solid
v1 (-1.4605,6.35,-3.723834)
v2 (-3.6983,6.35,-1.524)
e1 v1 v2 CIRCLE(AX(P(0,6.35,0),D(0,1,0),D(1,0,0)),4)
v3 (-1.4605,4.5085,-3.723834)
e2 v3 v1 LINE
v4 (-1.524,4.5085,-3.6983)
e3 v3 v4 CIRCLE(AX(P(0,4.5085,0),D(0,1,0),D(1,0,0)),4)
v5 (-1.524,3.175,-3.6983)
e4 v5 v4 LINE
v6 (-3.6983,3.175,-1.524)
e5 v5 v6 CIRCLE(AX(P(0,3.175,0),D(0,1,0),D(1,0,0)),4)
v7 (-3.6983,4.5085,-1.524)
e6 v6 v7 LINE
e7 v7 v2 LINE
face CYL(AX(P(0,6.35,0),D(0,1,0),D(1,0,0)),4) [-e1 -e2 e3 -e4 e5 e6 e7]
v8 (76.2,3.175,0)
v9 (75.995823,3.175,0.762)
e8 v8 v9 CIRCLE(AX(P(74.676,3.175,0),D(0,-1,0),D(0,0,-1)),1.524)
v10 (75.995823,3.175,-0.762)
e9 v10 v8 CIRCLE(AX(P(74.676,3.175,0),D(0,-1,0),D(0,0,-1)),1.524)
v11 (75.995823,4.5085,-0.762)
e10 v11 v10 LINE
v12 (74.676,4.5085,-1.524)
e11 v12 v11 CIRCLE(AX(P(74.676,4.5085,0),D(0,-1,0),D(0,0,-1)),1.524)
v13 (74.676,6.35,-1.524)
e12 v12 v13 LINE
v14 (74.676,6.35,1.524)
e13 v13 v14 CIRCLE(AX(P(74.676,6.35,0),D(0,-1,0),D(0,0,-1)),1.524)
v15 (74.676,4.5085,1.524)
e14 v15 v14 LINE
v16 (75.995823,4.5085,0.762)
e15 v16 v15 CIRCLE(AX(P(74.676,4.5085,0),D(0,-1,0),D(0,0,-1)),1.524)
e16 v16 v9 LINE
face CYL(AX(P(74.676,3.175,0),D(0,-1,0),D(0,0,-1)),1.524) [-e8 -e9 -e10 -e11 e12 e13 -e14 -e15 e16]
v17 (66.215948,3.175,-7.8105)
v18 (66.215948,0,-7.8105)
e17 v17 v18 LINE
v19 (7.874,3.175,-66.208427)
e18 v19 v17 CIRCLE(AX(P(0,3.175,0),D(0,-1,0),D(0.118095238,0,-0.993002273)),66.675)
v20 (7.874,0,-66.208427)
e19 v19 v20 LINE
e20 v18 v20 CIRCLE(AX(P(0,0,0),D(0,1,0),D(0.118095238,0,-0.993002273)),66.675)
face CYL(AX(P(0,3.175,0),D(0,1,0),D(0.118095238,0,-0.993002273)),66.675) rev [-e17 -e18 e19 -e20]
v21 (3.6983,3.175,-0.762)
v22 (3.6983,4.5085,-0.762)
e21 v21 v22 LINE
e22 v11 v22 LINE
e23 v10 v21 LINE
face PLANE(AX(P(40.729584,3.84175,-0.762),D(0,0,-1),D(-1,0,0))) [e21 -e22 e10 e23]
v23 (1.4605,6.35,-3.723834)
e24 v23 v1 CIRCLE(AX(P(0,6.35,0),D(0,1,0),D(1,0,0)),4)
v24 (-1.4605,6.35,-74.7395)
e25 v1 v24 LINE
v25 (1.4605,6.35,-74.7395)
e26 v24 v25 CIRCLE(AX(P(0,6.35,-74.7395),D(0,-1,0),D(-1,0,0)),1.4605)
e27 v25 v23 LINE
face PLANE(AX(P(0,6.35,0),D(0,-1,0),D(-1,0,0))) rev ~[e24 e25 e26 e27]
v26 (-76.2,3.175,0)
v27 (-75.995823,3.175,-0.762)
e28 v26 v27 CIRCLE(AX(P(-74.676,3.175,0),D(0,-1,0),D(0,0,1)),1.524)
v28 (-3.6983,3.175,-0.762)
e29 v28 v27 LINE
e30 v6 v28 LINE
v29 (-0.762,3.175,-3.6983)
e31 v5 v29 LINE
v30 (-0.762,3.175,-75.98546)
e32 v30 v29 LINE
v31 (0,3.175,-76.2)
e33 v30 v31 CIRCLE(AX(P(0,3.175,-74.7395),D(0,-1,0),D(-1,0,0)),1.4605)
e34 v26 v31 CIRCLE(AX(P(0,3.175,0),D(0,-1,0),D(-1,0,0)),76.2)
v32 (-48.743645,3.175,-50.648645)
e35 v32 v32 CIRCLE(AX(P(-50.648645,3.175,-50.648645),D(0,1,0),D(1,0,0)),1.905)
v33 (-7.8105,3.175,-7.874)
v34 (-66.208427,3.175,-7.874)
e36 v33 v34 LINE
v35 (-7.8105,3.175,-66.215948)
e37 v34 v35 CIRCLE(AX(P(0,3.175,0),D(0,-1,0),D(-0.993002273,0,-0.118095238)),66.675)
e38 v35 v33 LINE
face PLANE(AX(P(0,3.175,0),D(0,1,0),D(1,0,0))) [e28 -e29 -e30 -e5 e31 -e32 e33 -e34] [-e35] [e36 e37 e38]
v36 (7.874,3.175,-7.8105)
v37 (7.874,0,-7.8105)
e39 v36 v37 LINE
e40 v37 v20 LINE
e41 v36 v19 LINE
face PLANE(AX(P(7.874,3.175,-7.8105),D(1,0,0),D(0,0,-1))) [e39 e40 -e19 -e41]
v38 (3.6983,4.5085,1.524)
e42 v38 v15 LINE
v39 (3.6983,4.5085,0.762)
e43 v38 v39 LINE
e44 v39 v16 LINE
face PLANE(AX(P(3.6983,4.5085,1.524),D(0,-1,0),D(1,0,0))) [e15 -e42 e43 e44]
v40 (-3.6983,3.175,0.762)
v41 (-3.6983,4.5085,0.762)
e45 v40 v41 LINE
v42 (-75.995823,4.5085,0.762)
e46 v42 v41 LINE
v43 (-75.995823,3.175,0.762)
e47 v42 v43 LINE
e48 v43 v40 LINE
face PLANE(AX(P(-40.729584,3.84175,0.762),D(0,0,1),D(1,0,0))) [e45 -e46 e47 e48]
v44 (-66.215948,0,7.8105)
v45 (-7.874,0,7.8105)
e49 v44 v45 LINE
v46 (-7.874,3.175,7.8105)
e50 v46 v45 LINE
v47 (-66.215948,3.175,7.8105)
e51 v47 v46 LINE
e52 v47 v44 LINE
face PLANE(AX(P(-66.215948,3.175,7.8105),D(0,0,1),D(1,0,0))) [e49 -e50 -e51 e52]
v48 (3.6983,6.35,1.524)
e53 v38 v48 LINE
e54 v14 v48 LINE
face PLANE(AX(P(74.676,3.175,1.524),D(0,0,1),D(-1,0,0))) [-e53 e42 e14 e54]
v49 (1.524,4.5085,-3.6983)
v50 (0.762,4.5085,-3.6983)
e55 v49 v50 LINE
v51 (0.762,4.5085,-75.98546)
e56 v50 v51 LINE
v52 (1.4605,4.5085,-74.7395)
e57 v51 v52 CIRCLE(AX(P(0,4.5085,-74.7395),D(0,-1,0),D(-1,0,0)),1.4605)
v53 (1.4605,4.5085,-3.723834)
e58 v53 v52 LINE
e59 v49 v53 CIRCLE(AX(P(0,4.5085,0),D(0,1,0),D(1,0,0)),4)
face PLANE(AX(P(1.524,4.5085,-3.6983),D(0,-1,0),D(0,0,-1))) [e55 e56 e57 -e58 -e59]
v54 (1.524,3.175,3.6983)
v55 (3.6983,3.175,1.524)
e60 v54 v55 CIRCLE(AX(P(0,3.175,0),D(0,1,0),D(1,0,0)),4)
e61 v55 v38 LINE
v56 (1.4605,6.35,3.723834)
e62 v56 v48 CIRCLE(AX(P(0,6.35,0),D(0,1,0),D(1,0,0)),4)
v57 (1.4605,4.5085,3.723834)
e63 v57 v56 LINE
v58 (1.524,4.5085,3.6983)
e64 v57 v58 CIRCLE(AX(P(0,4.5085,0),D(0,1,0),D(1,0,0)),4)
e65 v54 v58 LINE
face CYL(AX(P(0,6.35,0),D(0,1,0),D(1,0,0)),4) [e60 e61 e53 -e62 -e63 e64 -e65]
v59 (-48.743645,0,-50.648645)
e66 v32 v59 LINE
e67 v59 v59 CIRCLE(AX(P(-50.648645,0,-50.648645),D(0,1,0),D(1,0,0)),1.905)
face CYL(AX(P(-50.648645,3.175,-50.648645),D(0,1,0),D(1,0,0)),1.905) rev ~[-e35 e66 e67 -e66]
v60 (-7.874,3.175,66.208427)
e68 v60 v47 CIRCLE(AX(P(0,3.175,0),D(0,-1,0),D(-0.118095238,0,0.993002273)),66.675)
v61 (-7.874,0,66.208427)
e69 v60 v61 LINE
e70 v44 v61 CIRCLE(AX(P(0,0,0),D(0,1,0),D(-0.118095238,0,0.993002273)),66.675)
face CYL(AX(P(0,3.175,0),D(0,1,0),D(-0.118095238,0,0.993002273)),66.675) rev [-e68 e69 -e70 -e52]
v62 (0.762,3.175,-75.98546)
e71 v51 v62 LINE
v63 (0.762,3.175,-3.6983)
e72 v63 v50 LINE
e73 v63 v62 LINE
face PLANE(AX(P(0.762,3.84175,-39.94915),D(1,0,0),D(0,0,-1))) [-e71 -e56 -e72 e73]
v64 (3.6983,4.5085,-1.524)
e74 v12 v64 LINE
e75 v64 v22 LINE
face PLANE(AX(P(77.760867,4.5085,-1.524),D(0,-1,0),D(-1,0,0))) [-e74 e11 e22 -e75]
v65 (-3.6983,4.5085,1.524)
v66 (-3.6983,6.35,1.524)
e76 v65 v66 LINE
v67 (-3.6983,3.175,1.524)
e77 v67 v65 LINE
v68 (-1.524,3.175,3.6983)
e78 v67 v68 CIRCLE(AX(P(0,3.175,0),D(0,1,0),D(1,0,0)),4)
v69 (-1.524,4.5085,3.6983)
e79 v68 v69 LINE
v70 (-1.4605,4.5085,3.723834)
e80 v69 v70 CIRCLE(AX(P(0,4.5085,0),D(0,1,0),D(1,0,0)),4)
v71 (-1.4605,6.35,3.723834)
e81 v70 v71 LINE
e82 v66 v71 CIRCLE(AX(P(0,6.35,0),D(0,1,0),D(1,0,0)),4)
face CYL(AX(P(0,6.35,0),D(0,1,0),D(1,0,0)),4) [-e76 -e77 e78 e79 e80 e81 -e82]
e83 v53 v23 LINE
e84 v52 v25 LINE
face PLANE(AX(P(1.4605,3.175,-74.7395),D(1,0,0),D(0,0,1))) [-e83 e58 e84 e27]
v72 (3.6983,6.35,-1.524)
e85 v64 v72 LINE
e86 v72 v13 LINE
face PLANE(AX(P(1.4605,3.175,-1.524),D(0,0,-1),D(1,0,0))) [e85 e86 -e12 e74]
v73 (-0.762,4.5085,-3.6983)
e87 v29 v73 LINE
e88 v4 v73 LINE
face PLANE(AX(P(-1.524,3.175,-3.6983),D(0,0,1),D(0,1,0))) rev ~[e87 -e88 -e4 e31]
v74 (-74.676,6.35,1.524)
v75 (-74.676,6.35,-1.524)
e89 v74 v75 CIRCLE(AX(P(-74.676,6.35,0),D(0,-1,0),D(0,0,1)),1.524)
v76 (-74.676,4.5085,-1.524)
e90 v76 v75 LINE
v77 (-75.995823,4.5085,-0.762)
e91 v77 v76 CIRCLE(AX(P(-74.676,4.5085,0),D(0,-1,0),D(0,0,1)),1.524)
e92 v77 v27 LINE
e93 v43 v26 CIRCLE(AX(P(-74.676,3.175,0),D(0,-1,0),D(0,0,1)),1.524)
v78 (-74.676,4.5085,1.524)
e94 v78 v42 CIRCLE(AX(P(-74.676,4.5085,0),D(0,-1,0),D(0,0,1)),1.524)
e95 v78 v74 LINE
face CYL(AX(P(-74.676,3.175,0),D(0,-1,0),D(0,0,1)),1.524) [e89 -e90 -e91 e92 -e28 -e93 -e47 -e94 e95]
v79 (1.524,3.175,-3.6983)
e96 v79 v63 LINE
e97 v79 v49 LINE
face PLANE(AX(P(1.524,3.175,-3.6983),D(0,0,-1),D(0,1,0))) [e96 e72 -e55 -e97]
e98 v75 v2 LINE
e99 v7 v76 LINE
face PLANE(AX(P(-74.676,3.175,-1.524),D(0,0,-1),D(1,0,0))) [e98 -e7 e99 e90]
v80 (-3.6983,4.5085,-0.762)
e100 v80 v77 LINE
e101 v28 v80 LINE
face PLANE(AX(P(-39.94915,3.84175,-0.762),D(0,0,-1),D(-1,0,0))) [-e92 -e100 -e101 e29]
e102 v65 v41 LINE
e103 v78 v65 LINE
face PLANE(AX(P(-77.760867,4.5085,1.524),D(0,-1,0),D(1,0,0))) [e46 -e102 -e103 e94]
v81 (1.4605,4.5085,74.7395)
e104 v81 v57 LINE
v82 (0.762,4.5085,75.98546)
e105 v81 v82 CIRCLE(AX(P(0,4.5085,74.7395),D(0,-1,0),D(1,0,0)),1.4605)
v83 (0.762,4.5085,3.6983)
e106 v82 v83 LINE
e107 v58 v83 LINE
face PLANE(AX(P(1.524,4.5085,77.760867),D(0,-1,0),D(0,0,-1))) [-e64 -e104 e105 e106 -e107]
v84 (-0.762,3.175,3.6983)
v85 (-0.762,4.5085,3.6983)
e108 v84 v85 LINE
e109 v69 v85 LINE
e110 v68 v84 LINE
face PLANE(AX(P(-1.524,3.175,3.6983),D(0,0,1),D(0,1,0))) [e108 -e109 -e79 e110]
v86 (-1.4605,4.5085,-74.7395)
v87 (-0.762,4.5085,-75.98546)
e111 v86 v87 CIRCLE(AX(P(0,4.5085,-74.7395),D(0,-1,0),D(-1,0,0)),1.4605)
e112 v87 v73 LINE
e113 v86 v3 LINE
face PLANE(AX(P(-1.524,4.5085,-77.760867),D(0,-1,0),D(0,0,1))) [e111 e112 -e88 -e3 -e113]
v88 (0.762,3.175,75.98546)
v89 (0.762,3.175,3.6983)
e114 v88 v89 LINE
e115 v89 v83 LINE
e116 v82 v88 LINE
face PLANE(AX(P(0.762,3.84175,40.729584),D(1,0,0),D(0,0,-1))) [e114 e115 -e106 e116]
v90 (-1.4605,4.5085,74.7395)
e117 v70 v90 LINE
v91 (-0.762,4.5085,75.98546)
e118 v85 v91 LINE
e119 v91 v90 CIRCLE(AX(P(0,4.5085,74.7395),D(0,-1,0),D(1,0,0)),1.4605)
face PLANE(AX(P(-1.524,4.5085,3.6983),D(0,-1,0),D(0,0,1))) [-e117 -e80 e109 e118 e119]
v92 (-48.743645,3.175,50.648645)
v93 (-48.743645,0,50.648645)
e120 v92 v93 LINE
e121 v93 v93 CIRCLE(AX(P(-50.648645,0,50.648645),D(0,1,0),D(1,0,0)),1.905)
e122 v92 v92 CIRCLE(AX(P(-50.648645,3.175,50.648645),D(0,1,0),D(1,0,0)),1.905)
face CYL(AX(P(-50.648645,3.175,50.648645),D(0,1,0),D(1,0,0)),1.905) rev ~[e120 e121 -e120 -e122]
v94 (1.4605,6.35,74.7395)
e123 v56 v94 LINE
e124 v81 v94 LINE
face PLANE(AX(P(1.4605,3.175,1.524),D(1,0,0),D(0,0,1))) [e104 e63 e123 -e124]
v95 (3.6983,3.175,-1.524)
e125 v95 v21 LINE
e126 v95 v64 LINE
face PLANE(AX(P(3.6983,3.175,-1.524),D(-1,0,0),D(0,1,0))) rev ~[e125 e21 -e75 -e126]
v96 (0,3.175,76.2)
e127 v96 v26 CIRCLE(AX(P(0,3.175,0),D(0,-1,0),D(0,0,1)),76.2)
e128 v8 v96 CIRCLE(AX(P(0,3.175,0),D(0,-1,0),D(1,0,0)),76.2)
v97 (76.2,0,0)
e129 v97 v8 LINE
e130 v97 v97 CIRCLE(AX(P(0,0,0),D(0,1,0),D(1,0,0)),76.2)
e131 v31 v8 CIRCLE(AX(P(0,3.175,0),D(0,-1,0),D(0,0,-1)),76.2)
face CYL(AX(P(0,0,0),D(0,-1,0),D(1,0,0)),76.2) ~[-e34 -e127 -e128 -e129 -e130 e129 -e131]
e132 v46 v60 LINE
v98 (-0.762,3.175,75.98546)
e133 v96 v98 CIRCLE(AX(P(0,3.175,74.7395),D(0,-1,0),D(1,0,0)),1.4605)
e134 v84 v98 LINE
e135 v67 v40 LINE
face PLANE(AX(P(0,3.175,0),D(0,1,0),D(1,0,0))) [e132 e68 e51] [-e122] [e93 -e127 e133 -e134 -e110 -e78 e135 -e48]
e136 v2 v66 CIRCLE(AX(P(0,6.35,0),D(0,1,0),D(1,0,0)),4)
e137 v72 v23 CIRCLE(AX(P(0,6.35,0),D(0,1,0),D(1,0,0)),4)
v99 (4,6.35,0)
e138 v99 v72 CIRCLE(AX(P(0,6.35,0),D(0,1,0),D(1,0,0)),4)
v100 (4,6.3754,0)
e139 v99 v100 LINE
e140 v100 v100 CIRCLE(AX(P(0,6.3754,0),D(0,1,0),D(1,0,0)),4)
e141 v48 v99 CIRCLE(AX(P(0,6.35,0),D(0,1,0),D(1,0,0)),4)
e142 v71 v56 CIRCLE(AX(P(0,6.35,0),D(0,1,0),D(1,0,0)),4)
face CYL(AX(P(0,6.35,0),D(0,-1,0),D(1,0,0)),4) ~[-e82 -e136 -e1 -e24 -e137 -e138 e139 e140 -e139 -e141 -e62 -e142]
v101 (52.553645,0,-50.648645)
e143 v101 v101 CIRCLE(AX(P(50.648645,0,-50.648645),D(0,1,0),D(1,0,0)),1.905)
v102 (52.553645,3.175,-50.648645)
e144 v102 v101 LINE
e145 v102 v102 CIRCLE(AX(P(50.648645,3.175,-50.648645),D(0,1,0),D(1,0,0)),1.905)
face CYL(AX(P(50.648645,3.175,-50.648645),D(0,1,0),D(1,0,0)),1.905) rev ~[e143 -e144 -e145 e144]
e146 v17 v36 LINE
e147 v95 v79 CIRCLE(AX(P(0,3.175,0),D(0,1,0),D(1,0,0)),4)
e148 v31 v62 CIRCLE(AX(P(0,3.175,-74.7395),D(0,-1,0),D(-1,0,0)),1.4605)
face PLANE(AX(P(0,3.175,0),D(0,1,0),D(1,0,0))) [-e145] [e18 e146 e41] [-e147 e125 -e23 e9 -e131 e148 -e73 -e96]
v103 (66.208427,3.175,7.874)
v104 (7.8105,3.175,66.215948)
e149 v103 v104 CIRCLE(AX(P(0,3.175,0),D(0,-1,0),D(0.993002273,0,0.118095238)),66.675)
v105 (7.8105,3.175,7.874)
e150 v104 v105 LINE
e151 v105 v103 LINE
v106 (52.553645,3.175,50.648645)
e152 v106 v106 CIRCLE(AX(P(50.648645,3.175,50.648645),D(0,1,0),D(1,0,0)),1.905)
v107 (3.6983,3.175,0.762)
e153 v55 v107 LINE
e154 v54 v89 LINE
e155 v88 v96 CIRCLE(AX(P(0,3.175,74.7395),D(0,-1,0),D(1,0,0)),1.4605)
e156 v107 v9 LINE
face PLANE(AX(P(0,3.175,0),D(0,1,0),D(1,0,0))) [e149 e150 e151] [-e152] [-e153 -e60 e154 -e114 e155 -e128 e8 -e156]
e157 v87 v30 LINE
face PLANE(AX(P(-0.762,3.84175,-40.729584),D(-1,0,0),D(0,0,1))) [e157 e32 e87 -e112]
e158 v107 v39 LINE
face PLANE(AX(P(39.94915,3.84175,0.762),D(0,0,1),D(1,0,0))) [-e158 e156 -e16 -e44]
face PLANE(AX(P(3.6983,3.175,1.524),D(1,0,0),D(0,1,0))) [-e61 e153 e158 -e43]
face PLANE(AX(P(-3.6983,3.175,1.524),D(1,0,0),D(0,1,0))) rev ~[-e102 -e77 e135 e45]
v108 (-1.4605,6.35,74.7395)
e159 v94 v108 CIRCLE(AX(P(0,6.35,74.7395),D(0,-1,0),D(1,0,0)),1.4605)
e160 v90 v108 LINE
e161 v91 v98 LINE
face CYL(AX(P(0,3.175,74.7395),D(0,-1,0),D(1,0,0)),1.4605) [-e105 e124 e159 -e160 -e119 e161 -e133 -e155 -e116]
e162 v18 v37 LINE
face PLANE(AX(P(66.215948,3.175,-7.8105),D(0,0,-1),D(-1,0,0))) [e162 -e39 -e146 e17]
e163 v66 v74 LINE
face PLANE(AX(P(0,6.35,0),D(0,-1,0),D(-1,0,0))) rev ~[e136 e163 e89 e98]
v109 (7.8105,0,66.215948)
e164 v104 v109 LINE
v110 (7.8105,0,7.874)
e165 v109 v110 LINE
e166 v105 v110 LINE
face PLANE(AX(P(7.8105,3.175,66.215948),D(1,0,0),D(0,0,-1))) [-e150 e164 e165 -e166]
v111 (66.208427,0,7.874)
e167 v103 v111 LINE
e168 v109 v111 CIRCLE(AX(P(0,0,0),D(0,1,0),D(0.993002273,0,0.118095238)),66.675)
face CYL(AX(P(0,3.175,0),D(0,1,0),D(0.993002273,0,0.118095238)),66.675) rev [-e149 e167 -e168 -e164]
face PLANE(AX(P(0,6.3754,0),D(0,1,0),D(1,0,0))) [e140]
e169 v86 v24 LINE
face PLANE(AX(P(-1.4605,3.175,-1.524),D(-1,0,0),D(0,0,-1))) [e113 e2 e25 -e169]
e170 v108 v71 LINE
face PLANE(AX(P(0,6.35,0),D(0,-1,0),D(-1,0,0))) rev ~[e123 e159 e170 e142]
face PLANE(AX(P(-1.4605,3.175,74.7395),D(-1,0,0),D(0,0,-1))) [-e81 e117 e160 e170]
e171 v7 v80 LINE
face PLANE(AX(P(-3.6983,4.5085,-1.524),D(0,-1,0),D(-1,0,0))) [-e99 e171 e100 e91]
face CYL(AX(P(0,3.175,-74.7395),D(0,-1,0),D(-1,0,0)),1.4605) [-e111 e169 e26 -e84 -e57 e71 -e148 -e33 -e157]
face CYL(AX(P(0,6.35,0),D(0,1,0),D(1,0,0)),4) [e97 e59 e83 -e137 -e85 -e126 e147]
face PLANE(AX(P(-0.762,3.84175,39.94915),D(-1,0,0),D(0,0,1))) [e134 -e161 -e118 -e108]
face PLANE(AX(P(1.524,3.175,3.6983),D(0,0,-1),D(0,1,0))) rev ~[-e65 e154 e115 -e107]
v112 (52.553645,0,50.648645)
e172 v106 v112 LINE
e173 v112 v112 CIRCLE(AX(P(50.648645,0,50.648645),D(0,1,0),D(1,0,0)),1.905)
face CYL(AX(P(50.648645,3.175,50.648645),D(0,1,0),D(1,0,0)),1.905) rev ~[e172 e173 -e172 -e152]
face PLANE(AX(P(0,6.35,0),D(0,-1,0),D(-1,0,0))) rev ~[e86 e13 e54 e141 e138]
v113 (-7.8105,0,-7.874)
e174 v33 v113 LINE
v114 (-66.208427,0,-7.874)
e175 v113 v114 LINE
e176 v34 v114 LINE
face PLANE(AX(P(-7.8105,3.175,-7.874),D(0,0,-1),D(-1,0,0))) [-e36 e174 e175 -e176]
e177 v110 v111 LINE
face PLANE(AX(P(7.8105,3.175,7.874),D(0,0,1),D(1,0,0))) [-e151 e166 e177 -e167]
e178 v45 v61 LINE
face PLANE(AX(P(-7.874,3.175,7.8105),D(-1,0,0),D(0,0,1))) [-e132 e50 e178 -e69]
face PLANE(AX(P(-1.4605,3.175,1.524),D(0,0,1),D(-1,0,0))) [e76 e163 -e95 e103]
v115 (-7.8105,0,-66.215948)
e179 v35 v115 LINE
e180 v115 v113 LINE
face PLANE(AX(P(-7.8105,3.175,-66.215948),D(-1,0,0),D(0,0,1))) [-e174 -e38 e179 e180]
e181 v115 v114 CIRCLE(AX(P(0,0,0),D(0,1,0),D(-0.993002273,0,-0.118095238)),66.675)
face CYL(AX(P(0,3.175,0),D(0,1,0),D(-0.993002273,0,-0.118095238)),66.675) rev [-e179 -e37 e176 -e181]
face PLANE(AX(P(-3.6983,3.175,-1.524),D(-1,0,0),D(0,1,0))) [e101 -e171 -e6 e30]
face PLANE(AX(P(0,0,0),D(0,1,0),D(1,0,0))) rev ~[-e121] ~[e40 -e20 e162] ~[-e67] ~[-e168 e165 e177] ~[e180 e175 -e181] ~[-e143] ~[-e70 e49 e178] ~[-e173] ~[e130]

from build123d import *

# Parameters (mm, degrees)
SKETCH1_R                = 76.2
BOSS_EXTRUDE1_DEPTH      = 3.175
BOSS_EXTRUDE2_DEPTH      = 3.175
SKETCH3_R                = 4
BOSS_EXTRUDE3_DEPTH      = 0.0254
BOSS_EXTRUDE3_DEPTH_BACK = 6.35
CUT_EXTRUDE1_DEPTH       = 4.175
SKETCH6_W                = 72.50169985
SKETCH6_H                = 1.3335
CUT_EXTRUDE3_DEPTH       = 0.762
CIRPATTERN1_COUNT        = 4
SKETCH7_W                = 74.062567176
SKETCH7_H                = 1.3335
CUT_EXTRUDE4_DEPTH       = 0.762
CIRPATTERN2_COUNT        = 4
SKETCH8_R                = 1.905
CUT_EXTRUDE5_DEPTH       = 4.175


with BuildPart() as part:
    # Sketch1 → Boss-Extrude1 (new body)
    with BuildSketch(Plane(origin=(0, 0, 0), x_dir=(1, 0, 0), z_dir=(0, 1, 0))):
        Circle(SKETCH1_R)
    extrude(amount=BOSS_EXTRUDE1_DEPTH)

    # Sketch2 → Boss-Extrude2 (add)
    with BuildSketch(Plane(origin=(0, 3.175, 0), x_dir=(1, 0, 0), z_dir=(0, 1, 0))):
        with BuildLine():
            Line((-74.676, 1.524), (74.676, 1.524))
            ThreePointArc((74.676, 1.524), (76.2, 0), (74.676, -1.524))
            Line((74.676, -1.524), (-74.676, -1.524))
            ThreePointArc((-74.676, -1.524), (-76.2, 0), (-74.676, 1.524))
        make_face()
        with BuildLine():
            Line((1.4605, 74.7395), (1.4605, -74.7395))
            ThreePointArc((1.4605, -74.7395), (0, -76.2), (-1.4605, -74.7395))
            Line((-1.4605, -74.7395), (-1.4605, 74.7395))
            ThreePointArc((-1.4605, 74.7395), (0, 76.2), (1.4605, 74.7395))
        make_face()
    extrude(amount=BOSS_EXTRUDE2_DEPTH)

    # Sketch3 → Boss-Extrude3 (add, two sides)
    with BuildSketch(Plane(origin=(0, 6.35, 0), x_dir=(1, 0, 0), z_dir=(0, 1, 0))) as boss_extrude3_sk:
        Circle(SKETCH3_R)
    extrude(amount=BOSS_EXTRUDE3_DEPTH)
    extrude(boss_extrude3_sk.sketch, amount=-BOSS_EXTRUDE3_DEPTH_BACK)

    # Sketch4 → Cut-Extrude1 (cut, through all)
    with BuildSketch(Plane(origin=(0, 3.175, 0), x_dir=(1, 0, 0), z_dir=(0, 1, 0))):
        with BuildLine():
            Line((-7.8105, 7.874), (-39.5605, 7.874))
            Line((-39.5605, 7.874), (-63.009920838, 7.874))
            Line((-63.009920838, 7.874), (-66.208426571, 7.874))
            ThreePointArc((-66.208426571, 7.874), (-47.123731651, 47.168946779), (-7.8105, 66.215947586))
            Line((-7.8105, 66.215947586), (-7.8105, 63.017823588))
            Line((-7.8105, 63.017823588), (-7.8105, 7.874))
        make_face()
        with BuildLine():
            Line((7.874, 63.009920838), (7.874, 66.208426571))
            ThreePointArc((7.874, 66.208426571), (47.168946779, 47.123731651), (66.215947586, 7.8105))
            Line((66.215947586, 7.8105), (63.017823588, 7.8105))
            Line((63.017823588, 7.8105), (7.874, 7.8105))
            Line((7.874, 7.8105), (7.874, 39.5605))
            Line((7.874, 39.5605), (7.874, 63.009920838))
        make_face()
        with BuildLine():
            Line((63.009920838, -7.874), (66.208426571, -7.874))
            ThreePointArc((66.208426571, -7.874), (47.123731651, -47.168946779), (7.8105, -66.215947586))
            Line((7.8105, -66.215947586), (7.8105, -63.017823588))
            Line((7.8105, -63.017823588), (7.8105, -7.874))
            Line((7.8105, -7.874), (39.5605, -7.874))
            Line((39.5605, -7.874), (63.009920838, -7.874))
        make_face()
        with BuildLine():
            Line((-7.874, -63.009920838), (-7.874, -66.208426571))
            ThreePointArc((-7.874, -66.208426571), (-47.168946779, -47.123731651), (-66.215947586, -7.8105))
            Line((-66.215947586, -7.8105), (-63.017823588, -7.8105))
            Line((-63.017823588, -7.8105), (-7.874, -7.8105))
            Line((-7.874, -7.8105), (-7.874, -39.5605))
            Line((-7.874, -39.5605), (-7.874, -63.009920838))
        make_face()
    extrude(amount=-CUT_EXTRUDE1_DEPTH, mode=Mode.SUBTRACT)

    # Sketch6 → Cut-Extrude3 (cut)
    with BuildSketch(Plane.XY.offset(1.524)):
        with Locations((39.949150075, 3.84175)):
            Rectangle(SKETCH6_W, SKETCH6_H)
    cut_extrude3 = extrude(amount=-CUT_EXTRUDE3_DEPTH, mode=Mode.SUBTRACT)

    # CirPattern1: Cut-Extrude3 ×4 about axis
    cirpattern1_axis = Axis((0, 0, 0), (0, 1, 0))
    for i in range(1, CIRPATTERN1_COUNT):
        add(cut_extrude3.rotate(cirpattern1_axis, i * 360 / CIRPATTERN1_COUNT), mode=Mode.SUBTRACT)

    # Sketch7 → Cut-Extrude4 (cut)
    with BuildSketch(Plane(origin=(0, 0, -1.524), x_dir=(-1, 0, 0), z_dir=(0, 0, -1))):
        with Locations((-40.729583738, 3.84175)):
            Rectangle(SKETCH7_W, SKETCH7_H)
    cut_extrude4 = extrude(amount=-CUT_EXTRUDE4_DEPTH, mode=Mode.SUBTRACT)

    # CirPattern2: Cut-Extrude4 ×4 about axis
    cirpattern2_axis = Axis((0, 0, 0), (0, 1, 0))
    for i in range(1, CIRPATTERN2_COUNT):
        add(cut_extrude4.rotate(cirpattern2_axis, i * 360 / CIRPATTERN2_COUNT), mode=Mode.SUBTRACT)

    # Sketch8 → Cut-Extrude5 (cut, through all)
    with BuildSketch(Plane(origin=(0, 3.175, 0), x_dir=(1, 0, 0), z_dir=(0, 1, 0))):
        with Locations((-50.648644523, -50.648644523)):
            Circle(SKETCH8_R)
        with Locations((-50.648644523, 50.648644523)):
            Circle(SKETCH8_R)
        with Locations((50.648644523, 50.648644523)):
            Circle(SKETCH8_R)
        with Locations((50.648644523, -50.648644523)):
            Circle(SKETCH8_R)
    extrude(amount=-CUT_EXTRUDE5_DEPTH, mode=Mode.SUBTRACT)


solid = part.part
